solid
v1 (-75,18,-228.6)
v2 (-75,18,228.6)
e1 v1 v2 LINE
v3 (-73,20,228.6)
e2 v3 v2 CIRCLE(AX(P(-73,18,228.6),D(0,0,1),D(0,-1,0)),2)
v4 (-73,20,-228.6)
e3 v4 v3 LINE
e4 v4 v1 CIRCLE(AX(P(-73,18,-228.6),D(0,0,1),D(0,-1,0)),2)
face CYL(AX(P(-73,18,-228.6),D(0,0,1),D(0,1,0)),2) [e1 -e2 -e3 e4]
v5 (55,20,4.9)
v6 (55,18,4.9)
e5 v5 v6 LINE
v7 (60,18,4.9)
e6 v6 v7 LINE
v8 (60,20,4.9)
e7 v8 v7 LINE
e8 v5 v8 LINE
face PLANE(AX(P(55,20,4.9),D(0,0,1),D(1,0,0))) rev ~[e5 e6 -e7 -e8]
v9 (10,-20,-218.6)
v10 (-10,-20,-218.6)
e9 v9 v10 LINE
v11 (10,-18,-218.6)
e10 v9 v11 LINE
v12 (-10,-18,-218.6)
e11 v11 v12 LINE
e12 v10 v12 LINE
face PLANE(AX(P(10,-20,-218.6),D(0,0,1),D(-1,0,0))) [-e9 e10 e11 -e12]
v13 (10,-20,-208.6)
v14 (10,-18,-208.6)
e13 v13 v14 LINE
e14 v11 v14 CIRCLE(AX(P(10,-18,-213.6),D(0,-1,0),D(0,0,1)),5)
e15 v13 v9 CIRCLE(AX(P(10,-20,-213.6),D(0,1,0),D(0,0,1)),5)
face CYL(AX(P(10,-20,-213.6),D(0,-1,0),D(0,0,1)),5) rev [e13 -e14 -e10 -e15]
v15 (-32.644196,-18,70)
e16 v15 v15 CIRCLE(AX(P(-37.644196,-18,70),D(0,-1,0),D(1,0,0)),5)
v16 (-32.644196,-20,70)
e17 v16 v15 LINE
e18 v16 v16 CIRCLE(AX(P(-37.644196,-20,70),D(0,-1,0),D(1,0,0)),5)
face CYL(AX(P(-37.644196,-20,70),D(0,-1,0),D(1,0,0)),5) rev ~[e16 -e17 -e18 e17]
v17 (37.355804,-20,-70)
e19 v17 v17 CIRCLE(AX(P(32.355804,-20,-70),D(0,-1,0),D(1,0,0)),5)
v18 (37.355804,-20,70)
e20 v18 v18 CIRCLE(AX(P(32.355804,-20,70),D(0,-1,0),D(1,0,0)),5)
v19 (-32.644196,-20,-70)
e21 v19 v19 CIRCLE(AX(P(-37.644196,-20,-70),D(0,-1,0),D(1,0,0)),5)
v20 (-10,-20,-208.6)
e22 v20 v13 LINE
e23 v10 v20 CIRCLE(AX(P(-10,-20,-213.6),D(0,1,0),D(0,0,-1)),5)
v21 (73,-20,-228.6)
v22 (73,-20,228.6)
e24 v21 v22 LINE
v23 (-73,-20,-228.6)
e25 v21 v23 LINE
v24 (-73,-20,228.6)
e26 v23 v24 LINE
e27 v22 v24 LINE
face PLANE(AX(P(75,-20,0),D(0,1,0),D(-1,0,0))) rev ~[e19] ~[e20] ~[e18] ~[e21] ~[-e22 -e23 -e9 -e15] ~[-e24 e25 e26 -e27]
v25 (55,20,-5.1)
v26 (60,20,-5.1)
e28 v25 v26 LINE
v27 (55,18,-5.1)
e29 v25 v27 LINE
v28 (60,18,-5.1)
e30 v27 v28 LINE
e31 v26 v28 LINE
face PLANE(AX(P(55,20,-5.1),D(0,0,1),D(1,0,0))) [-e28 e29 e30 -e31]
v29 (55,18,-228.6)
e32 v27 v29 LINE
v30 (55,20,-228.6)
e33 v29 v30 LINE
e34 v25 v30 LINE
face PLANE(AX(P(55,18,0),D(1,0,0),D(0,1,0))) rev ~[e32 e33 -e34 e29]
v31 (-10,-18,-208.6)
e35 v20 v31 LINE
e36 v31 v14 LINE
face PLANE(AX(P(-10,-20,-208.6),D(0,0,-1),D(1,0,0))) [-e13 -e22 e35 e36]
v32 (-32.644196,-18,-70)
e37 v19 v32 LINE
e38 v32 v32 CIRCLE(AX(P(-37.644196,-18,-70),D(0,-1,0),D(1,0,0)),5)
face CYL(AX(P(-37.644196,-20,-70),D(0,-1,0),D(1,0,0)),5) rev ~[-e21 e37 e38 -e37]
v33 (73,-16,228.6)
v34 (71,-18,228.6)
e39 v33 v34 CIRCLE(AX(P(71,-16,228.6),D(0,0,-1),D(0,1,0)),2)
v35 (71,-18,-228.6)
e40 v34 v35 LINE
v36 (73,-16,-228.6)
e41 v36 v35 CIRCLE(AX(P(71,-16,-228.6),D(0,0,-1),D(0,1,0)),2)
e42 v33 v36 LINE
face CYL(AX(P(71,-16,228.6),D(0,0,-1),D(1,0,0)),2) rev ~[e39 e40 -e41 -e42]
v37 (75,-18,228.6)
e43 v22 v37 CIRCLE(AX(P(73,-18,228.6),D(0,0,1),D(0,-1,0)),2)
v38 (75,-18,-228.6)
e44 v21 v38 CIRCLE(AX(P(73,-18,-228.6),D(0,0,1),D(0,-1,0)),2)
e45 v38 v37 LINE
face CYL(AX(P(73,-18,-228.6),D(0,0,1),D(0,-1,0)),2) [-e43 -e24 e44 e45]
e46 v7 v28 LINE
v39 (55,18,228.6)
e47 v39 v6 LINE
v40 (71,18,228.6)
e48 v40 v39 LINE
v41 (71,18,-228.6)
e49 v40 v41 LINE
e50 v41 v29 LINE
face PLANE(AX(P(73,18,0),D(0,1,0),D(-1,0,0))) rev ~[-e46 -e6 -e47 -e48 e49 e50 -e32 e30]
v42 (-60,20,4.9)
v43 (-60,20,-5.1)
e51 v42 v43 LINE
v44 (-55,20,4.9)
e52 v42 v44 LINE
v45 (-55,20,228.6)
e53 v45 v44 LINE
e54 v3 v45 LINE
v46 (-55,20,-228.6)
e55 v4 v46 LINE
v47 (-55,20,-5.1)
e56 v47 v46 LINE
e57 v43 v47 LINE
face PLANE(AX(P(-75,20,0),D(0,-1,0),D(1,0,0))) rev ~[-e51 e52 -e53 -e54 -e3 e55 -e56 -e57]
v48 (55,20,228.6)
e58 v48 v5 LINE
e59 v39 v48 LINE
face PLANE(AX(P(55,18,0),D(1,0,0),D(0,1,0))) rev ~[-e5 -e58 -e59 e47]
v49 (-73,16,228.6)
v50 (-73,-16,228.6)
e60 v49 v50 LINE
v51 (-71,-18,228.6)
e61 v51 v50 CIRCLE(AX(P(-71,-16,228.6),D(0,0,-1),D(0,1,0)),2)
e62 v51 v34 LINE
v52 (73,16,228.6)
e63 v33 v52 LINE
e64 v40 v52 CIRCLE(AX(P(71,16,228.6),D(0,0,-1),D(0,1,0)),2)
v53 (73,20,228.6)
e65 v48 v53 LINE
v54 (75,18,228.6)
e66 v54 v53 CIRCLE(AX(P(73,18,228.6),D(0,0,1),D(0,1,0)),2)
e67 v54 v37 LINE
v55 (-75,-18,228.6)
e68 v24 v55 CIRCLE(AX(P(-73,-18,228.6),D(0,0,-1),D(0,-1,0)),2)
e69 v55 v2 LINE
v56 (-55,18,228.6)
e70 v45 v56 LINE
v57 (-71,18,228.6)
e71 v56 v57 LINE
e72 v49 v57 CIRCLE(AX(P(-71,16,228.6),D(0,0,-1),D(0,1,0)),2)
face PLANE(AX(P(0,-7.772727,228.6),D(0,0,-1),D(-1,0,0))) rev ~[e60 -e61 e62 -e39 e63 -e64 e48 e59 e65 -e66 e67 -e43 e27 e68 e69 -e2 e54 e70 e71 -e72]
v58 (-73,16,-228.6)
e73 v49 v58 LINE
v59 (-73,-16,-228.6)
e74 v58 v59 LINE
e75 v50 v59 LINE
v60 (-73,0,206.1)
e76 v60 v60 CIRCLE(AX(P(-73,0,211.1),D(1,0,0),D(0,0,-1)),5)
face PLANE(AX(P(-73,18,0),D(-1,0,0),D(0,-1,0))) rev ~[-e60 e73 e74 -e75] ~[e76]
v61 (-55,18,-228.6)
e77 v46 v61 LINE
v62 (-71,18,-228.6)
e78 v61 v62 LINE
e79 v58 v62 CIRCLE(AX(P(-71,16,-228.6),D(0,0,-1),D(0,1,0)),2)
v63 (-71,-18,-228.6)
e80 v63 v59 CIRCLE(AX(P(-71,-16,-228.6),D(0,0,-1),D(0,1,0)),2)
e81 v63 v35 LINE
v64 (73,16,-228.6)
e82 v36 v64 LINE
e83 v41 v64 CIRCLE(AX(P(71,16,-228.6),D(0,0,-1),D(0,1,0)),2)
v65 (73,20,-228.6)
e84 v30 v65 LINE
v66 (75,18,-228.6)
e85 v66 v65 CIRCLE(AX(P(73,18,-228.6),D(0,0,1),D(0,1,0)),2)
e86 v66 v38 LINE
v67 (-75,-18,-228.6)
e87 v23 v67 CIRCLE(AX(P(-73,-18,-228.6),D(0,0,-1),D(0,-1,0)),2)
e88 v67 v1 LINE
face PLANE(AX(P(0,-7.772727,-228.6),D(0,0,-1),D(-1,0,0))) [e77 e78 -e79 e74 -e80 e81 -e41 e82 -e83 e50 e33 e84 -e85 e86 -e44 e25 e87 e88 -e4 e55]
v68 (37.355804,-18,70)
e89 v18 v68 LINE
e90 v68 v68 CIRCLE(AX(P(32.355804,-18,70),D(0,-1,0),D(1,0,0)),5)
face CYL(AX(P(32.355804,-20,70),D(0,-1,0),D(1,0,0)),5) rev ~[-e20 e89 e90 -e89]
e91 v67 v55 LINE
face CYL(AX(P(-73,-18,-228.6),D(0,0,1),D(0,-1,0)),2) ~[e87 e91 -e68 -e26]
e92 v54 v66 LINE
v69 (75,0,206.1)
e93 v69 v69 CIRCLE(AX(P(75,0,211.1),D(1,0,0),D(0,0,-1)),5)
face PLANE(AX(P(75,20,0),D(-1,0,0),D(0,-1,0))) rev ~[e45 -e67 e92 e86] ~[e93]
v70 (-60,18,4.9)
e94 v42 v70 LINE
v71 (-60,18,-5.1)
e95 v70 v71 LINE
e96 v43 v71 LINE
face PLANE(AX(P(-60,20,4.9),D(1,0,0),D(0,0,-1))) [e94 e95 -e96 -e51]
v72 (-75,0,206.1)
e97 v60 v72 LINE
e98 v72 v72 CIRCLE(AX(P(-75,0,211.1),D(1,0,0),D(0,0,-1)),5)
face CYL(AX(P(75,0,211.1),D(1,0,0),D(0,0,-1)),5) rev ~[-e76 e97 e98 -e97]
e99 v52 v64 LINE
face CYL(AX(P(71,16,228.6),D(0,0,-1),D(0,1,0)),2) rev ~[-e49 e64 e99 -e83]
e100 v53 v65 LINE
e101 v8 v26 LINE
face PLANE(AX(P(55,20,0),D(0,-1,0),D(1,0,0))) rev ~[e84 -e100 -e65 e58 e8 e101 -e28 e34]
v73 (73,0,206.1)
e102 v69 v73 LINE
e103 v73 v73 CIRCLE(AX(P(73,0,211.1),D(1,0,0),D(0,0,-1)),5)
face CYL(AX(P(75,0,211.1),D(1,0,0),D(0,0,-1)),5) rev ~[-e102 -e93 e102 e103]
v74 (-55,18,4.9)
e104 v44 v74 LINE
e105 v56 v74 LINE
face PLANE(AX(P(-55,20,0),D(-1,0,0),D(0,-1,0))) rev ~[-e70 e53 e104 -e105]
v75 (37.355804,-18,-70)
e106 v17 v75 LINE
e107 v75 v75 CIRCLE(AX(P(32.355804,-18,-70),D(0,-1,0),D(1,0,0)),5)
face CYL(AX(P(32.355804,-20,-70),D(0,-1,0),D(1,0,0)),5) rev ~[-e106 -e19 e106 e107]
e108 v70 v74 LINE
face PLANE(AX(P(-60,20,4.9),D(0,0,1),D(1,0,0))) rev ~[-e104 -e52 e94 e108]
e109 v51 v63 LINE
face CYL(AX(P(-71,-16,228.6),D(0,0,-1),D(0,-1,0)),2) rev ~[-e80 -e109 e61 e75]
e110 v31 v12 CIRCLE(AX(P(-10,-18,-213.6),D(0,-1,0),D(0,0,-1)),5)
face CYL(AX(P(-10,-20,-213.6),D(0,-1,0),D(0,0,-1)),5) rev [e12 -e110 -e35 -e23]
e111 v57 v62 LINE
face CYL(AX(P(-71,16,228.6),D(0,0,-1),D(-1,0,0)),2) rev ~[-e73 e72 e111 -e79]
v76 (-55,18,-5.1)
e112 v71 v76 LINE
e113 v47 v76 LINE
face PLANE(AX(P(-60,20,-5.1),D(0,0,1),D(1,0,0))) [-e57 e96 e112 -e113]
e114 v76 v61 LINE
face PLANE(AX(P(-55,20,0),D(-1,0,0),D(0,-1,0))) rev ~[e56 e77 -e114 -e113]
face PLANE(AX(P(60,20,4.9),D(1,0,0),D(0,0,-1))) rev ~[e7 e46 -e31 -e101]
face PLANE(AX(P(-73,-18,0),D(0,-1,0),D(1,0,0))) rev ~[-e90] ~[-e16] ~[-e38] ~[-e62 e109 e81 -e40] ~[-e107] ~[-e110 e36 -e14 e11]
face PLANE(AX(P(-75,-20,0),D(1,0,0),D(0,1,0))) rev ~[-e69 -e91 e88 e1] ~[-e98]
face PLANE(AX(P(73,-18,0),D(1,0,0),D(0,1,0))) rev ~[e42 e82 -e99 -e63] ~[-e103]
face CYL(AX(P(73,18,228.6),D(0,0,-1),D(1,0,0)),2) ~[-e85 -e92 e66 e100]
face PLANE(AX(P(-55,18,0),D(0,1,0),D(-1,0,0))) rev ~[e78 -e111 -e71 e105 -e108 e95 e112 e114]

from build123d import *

# Parameters (mm, degrees)
SALIENTE_EXTRUIR2_DEPTH = 228.6
REDONDEO1_R             = 2
CROQUIS3_R              = 5
CORTAR_EXTRUIR1_DEPTH   = 151
CROQUIS4_W              = 5
CROQUIS4_H              = 10
CORTAR_EXTRUIR2_DEPTH   = 10
CROQUIS5_R              = 5
CORTAR_EXTRUIR3_DEPTH   = 10


with BuildPart() as part:
    # Croquis2 → Saliente-Extruir2 (new body, symmetric)
    with BuildSketch(Plane.XY):
        Polygon((-75, 20), (-55, 20), (-55, 18), (-73, 18), (-73, -18), (73, -18), (73, 18), (55, 18), (55, 20), (75, 20), (75, -20), (-75, -20), align=None)
    extrude(amount=SALIENTE_EXTRUIR2_DEPTH, both=True)

    # Redondeo1
    redondeo1_edges = [part.edges().sort_by_distance(p)[0] for p in [
        (75, 20, 0),
        (75, -20, 0),
        (-75, -20, 0),
        (-75, 20, 0),
        (-73, 18, 0),
        (-73, -18, 0),
        (73, -18, 0),
        (73, 18, 0),
    ]]
    fillet(redondeo1_edges, radius=REDONDEO1_R)

    # Croquis3 → Cortar-Extruir1 (cut, through all)
    with BuildSketch(Plane(origin=(75, 0, 0), x_dir=(0, 0, -1), z_dir=(1, 0, 0))):
        with Locations((-211.1, 0)):
            Circle(CROQUIS3_R)
    extrude(amount=-CORTAR_EXTRUIR1_DEPTH, mode=Mode.SUBTRACT)

    # Croquis4 → Cortar-Extruir2 (cut)
    with BuildSketch(Plane(origin=(0, 20, 0), x_dir=(1, 0, 0), z_dir=(0, 1, 0))):
        with Locations((-57.5, 0.1)):
            Rectangle(CROQUIS4_W, CROQUIS4_H)
        with Locations((57.5, 0.1)):
            Rectangle(CROQUIS4_W, CROQUIS4_H)
    extrude(amount=-CORTAR_EXTRUIR2_DEPTH, mode=Mode.SUBTRACT)

    # Croquis5 → Cortar-Extruir3 (cut)
    with BuildSketch(Plane.XZ.offset(20)):
        with Locations((-37.644195885, -70)):
            Circle(CROQUIS5_R)
        with Locations((32.355804115, -70)):
            Circle(CROQUIS5_R)
        with Locations((32.355804115, 70)):
            Circle(CROQUIS5_R)
        with Locations((-37.644195885, 70)):
            Circle(CROQUIS5_R)
        with BuildLine():
            Line((-10, -208.6), (10, -208.6))
            ThreePointArc((10, -208.6), (15, -213.6), (10, -218.6))
            Line((10, -218.6), (-10, -218.6))
            ThreePointArc((-10, -218.6), (-15, -213.6), (-10, -208.6))
        make_face()
    extrude(amount=-CORTAR_EXTRUIR3_DEPTH, mode=Mode.SUBTRACT)


solid = part.part
